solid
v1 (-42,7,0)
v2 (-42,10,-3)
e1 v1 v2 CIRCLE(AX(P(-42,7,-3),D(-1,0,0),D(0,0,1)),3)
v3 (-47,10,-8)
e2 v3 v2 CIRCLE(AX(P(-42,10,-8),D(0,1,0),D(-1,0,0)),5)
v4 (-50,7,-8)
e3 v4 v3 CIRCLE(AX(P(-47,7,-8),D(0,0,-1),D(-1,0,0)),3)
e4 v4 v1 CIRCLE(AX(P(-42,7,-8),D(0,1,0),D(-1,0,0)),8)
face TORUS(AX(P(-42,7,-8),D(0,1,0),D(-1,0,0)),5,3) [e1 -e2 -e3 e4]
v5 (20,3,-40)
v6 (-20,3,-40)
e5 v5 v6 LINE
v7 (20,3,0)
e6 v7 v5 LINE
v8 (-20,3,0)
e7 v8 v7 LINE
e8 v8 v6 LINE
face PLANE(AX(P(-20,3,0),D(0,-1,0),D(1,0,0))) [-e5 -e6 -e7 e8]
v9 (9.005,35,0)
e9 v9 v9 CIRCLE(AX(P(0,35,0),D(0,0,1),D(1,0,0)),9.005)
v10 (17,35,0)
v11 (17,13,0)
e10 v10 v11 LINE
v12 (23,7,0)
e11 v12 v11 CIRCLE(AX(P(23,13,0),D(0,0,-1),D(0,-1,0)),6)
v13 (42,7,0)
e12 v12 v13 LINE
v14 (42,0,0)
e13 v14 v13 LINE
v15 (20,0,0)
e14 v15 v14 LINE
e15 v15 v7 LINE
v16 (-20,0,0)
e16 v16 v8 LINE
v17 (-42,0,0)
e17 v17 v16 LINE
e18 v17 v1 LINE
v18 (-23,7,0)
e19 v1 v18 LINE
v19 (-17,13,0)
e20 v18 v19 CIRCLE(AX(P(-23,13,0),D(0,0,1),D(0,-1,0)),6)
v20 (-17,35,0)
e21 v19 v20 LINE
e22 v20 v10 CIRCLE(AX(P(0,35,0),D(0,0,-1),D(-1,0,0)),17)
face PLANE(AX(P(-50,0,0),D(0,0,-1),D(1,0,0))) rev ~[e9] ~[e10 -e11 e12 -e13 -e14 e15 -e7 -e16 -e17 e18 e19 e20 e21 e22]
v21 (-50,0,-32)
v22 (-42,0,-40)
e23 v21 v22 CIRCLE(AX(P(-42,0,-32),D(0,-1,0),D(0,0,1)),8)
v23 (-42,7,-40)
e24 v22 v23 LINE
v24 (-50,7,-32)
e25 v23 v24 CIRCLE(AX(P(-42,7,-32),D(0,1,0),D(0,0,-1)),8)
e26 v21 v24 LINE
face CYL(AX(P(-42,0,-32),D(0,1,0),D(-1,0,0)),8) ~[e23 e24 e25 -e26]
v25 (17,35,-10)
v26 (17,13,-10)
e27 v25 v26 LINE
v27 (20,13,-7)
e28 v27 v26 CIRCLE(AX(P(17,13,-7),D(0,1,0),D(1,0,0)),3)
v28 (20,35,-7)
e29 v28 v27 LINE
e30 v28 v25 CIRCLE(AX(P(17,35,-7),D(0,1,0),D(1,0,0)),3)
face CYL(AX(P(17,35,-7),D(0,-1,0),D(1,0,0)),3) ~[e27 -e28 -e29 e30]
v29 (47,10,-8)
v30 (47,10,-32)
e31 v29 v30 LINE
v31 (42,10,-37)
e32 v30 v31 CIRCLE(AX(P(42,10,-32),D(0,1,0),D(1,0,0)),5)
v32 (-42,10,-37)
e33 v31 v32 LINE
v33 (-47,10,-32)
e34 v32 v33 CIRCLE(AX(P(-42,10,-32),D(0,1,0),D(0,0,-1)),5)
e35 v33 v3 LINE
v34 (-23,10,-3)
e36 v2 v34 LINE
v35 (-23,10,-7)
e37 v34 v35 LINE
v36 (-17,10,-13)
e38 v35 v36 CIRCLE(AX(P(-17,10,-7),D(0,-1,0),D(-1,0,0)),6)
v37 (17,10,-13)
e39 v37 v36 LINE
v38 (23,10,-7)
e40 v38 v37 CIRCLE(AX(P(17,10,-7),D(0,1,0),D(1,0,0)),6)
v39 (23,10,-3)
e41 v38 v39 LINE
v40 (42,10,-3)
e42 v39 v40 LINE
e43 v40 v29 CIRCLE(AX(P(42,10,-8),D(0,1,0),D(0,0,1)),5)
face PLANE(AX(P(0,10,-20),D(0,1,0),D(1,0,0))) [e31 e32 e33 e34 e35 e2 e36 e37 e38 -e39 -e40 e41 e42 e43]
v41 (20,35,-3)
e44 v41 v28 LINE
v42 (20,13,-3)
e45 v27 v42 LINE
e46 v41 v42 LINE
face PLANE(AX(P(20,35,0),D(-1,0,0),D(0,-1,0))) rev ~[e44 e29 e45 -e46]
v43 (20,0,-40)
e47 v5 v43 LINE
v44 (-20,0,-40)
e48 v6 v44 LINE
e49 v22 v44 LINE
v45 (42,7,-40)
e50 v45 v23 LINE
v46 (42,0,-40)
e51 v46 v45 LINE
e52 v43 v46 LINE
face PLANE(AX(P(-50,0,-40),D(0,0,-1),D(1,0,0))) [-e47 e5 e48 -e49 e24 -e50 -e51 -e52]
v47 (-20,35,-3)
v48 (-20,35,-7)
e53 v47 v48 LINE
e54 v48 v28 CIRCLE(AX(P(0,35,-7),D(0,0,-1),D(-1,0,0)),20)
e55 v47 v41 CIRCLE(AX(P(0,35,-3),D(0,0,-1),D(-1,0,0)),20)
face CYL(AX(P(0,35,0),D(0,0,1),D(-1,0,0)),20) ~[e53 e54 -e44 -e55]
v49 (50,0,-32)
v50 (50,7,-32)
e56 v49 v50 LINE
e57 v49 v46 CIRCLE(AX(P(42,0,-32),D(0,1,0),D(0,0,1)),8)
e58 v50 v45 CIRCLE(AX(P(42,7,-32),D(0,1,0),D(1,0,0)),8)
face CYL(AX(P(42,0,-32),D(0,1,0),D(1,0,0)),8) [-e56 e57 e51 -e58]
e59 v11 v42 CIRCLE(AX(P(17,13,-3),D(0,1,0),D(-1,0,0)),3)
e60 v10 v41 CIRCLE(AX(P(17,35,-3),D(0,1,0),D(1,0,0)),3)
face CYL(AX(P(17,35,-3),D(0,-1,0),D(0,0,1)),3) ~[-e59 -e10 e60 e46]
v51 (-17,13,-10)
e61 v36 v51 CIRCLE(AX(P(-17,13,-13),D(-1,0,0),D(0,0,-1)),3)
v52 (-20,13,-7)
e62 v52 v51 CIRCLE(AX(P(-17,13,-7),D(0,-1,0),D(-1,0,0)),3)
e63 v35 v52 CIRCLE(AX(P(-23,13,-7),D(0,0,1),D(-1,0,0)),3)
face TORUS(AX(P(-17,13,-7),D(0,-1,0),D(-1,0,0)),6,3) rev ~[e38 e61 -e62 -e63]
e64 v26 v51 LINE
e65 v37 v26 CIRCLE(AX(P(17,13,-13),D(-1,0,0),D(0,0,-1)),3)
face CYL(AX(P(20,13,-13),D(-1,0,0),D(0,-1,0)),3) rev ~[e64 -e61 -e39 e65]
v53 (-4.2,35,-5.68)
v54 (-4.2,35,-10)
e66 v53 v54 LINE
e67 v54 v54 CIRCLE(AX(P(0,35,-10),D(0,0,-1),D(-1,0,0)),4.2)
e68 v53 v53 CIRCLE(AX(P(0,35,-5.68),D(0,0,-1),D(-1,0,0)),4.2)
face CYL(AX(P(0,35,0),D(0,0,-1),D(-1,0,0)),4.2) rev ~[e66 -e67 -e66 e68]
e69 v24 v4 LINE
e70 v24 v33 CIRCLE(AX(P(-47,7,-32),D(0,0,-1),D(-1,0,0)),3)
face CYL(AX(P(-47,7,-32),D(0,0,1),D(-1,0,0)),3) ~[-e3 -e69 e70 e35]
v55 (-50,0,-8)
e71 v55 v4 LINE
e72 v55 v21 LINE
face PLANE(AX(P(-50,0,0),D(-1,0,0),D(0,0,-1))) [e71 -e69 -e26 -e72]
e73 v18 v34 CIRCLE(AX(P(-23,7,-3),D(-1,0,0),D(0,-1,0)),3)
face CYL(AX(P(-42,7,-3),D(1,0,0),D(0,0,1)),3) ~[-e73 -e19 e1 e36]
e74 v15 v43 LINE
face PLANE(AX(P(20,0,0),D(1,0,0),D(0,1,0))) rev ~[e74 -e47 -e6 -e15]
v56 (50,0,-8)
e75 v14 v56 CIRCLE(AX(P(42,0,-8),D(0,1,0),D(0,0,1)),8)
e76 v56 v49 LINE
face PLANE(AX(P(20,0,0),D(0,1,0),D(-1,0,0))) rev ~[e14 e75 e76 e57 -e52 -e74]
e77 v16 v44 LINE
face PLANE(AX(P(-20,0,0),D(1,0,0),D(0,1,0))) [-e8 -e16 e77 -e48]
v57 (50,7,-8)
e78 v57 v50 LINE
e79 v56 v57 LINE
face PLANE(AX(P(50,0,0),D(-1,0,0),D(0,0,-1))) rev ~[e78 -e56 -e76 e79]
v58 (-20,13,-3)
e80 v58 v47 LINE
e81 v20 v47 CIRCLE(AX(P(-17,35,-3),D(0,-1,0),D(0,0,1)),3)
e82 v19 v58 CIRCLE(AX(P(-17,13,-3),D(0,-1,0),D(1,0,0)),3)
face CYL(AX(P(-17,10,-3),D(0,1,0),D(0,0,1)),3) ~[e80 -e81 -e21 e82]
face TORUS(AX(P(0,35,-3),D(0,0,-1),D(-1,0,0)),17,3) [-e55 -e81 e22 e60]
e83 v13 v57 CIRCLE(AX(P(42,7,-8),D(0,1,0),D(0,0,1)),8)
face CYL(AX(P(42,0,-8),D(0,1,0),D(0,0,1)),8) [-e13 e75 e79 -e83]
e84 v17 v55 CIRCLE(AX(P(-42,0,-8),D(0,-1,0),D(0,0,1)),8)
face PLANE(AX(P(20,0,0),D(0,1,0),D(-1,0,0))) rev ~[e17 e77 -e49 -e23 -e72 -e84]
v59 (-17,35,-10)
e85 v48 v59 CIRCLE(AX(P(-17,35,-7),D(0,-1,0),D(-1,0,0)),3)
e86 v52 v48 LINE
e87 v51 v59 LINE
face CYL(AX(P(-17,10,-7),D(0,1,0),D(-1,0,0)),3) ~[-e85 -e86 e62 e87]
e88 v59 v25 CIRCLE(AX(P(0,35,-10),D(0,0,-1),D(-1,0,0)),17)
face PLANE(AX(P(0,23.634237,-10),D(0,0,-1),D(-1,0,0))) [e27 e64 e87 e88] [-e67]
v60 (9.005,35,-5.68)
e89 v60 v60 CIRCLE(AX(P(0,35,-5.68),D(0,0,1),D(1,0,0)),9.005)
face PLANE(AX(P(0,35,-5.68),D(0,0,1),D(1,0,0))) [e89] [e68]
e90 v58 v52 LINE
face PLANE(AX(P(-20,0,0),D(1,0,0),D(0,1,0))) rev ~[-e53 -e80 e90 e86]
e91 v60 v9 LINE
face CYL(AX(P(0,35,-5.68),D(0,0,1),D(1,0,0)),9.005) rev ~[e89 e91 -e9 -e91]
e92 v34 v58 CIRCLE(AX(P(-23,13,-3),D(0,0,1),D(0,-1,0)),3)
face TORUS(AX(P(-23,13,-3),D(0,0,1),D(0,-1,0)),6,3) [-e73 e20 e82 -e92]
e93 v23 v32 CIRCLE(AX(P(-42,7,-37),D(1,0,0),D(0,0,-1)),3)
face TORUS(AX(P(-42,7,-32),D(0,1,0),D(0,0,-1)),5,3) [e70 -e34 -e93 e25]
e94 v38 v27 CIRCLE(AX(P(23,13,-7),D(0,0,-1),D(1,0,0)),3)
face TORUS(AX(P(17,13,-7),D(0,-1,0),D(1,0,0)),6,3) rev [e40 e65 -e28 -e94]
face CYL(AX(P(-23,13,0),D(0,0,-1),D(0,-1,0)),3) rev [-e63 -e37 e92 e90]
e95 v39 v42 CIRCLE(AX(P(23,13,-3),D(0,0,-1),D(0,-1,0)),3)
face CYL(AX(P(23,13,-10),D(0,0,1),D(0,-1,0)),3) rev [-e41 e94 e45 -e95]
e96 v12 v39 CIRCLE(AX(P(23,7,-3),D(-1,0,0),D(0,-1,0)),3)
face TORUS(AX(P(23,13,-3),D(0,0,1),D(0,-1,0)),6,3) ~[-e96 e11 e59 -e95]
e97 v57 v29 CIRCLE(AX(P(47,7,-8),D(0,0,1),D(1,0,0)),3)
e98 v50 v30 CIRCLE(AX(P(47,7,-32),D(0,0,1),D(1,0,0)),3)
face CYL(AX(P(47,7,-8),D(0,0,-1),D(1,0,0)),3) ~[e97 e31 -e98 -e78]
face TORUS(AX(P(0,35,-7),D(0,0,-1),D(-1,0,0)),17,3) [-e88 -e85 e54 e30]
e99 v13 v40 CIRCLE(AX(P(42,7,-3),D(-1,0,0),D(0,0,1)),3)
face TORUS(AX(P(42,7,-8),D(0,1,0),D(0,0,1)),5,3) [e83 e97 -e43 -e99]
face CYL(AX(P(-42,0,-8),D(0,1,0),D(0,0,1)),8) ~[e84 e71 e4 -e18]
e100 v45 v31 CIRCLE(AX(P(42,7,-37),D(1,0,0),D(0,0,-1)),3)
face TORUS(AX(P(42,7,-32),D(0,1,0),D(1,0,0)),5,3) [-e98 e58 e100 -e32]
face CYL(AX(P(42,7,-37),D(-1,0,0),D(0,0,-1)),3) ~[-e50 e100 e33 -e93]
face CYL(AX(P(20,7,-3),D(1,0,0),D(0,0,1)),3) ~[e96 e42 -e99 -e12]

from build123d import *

# Parameters (mm, degrees)
SKETCH_1_W                   = 100
SKETCH_1_H                   = 40
EXTRUDE_1_DEPTH              = 10
EXTRUDE_2_DEPTH              = 10
SKETCH_3_W                   = 40
SKETCH_3_H                   = 3
CUT_EXTRUDE_1_DEPTH          = 85.409715081
HOLE_WIZARD_M8_1_D           = 8.4
HOLE_WIZARD_M8_1_CBORE_D     = 18.01
HOLE_WIZARD_M8_1_CBORE_DEPTH = 5.68
FILLET_1_R                   = 8
FILLET_2_R                   = 3


with BuildPart() as part:
    # 스케치1 → 보스-돌출1 (new body)
    with BuildSketch(Plane(origin=(0, 0, 0), x_dir=(1, 0, 0), z_dir=(0, 1, 0))):
        with Locations((0, 20)):
            Rectangle(SKETCH_1_W, SKETCH_1_H)
    extrude(amount=EXTRUDE_1_DEPTH)

    # 스케치2 → 보스-돌출2 (add)
    with BuildSketch(Plane.XY):
        with BuildLine():
            Line((-20, 0), (-20, 35))
            ThreePointArc((-20, 35), (0, 55), (20, 35))
            Line((20, 35), (20, 0))
            Line((20, 0), (-20, 0))
        make_face()
    extrude(amount=-EXTRUDE_2_DEPTH)

    # 스케치3 → 컷-돌출1 (cut, through all)
    with BuildSketch(Plane.XY):
        with Locations((0, 1.5)):
            Rectangle(SKETCH_3_W, SKETCH_3_H)
    extrude(amount=-CUT_EXTRUDE_1_DEPTH, mode=Mode.SUBTRACT)

    # M8 육각 머리 볼트용 카운터보어1 (through all)
    with Locations(Plane(origin=(0, 35, 0), x_dir=(1, 0, 0), z_dir=(0, 0, 1))):
        with Locations((0, 0)):
            CounterBoreHole(HOLE_WIZARD_M8_1_D / 2, HOLE_WIZARD_M8_1_CBORE_D / 2, HOLE_WIZARD_M8_1_CBORE_DEPTH)

    # 필렛1
    fillet_1_edges = [part.edges().sort_by_distance(p)[0] for p in [
        (-50, 5, -40),
        (50, 5, -40),
        (50, 5, 0),
        (-50, 5, 0),
    ]]
    fillet(fillet_1_edges, radius=FILLET_1_R)

    # 필렛2
    fillet_2_edges = [part.edges().sort_by_distance(p)[0] for p in [
        (31, 10, 0),
        (-20, 22.5, -10),
        (20, 22.5, -10),
        (-20, 22.5, 0),
        (20, 22.5, 0),
        (0, 55, 0),
        (-20, 10, -5),
        (0, 55, -10),
        (20, 10, -5),
        (0, 10, -10),
        (-31, 10, 0),
        (-50, 10, -20),
        (50, 10, -20),
        (0, 10, -40),
        (47.656854249, 10, -37.656854249),
        (47.656854249, 10, -2.343145751),
        (-47.656854249, 10, -37.656854249),
        (-47.656854249, 10, -2.343145751),
    ]]
    fillet(fillet_2_edges, radius=FILLET_2_R)


solid = part.part
